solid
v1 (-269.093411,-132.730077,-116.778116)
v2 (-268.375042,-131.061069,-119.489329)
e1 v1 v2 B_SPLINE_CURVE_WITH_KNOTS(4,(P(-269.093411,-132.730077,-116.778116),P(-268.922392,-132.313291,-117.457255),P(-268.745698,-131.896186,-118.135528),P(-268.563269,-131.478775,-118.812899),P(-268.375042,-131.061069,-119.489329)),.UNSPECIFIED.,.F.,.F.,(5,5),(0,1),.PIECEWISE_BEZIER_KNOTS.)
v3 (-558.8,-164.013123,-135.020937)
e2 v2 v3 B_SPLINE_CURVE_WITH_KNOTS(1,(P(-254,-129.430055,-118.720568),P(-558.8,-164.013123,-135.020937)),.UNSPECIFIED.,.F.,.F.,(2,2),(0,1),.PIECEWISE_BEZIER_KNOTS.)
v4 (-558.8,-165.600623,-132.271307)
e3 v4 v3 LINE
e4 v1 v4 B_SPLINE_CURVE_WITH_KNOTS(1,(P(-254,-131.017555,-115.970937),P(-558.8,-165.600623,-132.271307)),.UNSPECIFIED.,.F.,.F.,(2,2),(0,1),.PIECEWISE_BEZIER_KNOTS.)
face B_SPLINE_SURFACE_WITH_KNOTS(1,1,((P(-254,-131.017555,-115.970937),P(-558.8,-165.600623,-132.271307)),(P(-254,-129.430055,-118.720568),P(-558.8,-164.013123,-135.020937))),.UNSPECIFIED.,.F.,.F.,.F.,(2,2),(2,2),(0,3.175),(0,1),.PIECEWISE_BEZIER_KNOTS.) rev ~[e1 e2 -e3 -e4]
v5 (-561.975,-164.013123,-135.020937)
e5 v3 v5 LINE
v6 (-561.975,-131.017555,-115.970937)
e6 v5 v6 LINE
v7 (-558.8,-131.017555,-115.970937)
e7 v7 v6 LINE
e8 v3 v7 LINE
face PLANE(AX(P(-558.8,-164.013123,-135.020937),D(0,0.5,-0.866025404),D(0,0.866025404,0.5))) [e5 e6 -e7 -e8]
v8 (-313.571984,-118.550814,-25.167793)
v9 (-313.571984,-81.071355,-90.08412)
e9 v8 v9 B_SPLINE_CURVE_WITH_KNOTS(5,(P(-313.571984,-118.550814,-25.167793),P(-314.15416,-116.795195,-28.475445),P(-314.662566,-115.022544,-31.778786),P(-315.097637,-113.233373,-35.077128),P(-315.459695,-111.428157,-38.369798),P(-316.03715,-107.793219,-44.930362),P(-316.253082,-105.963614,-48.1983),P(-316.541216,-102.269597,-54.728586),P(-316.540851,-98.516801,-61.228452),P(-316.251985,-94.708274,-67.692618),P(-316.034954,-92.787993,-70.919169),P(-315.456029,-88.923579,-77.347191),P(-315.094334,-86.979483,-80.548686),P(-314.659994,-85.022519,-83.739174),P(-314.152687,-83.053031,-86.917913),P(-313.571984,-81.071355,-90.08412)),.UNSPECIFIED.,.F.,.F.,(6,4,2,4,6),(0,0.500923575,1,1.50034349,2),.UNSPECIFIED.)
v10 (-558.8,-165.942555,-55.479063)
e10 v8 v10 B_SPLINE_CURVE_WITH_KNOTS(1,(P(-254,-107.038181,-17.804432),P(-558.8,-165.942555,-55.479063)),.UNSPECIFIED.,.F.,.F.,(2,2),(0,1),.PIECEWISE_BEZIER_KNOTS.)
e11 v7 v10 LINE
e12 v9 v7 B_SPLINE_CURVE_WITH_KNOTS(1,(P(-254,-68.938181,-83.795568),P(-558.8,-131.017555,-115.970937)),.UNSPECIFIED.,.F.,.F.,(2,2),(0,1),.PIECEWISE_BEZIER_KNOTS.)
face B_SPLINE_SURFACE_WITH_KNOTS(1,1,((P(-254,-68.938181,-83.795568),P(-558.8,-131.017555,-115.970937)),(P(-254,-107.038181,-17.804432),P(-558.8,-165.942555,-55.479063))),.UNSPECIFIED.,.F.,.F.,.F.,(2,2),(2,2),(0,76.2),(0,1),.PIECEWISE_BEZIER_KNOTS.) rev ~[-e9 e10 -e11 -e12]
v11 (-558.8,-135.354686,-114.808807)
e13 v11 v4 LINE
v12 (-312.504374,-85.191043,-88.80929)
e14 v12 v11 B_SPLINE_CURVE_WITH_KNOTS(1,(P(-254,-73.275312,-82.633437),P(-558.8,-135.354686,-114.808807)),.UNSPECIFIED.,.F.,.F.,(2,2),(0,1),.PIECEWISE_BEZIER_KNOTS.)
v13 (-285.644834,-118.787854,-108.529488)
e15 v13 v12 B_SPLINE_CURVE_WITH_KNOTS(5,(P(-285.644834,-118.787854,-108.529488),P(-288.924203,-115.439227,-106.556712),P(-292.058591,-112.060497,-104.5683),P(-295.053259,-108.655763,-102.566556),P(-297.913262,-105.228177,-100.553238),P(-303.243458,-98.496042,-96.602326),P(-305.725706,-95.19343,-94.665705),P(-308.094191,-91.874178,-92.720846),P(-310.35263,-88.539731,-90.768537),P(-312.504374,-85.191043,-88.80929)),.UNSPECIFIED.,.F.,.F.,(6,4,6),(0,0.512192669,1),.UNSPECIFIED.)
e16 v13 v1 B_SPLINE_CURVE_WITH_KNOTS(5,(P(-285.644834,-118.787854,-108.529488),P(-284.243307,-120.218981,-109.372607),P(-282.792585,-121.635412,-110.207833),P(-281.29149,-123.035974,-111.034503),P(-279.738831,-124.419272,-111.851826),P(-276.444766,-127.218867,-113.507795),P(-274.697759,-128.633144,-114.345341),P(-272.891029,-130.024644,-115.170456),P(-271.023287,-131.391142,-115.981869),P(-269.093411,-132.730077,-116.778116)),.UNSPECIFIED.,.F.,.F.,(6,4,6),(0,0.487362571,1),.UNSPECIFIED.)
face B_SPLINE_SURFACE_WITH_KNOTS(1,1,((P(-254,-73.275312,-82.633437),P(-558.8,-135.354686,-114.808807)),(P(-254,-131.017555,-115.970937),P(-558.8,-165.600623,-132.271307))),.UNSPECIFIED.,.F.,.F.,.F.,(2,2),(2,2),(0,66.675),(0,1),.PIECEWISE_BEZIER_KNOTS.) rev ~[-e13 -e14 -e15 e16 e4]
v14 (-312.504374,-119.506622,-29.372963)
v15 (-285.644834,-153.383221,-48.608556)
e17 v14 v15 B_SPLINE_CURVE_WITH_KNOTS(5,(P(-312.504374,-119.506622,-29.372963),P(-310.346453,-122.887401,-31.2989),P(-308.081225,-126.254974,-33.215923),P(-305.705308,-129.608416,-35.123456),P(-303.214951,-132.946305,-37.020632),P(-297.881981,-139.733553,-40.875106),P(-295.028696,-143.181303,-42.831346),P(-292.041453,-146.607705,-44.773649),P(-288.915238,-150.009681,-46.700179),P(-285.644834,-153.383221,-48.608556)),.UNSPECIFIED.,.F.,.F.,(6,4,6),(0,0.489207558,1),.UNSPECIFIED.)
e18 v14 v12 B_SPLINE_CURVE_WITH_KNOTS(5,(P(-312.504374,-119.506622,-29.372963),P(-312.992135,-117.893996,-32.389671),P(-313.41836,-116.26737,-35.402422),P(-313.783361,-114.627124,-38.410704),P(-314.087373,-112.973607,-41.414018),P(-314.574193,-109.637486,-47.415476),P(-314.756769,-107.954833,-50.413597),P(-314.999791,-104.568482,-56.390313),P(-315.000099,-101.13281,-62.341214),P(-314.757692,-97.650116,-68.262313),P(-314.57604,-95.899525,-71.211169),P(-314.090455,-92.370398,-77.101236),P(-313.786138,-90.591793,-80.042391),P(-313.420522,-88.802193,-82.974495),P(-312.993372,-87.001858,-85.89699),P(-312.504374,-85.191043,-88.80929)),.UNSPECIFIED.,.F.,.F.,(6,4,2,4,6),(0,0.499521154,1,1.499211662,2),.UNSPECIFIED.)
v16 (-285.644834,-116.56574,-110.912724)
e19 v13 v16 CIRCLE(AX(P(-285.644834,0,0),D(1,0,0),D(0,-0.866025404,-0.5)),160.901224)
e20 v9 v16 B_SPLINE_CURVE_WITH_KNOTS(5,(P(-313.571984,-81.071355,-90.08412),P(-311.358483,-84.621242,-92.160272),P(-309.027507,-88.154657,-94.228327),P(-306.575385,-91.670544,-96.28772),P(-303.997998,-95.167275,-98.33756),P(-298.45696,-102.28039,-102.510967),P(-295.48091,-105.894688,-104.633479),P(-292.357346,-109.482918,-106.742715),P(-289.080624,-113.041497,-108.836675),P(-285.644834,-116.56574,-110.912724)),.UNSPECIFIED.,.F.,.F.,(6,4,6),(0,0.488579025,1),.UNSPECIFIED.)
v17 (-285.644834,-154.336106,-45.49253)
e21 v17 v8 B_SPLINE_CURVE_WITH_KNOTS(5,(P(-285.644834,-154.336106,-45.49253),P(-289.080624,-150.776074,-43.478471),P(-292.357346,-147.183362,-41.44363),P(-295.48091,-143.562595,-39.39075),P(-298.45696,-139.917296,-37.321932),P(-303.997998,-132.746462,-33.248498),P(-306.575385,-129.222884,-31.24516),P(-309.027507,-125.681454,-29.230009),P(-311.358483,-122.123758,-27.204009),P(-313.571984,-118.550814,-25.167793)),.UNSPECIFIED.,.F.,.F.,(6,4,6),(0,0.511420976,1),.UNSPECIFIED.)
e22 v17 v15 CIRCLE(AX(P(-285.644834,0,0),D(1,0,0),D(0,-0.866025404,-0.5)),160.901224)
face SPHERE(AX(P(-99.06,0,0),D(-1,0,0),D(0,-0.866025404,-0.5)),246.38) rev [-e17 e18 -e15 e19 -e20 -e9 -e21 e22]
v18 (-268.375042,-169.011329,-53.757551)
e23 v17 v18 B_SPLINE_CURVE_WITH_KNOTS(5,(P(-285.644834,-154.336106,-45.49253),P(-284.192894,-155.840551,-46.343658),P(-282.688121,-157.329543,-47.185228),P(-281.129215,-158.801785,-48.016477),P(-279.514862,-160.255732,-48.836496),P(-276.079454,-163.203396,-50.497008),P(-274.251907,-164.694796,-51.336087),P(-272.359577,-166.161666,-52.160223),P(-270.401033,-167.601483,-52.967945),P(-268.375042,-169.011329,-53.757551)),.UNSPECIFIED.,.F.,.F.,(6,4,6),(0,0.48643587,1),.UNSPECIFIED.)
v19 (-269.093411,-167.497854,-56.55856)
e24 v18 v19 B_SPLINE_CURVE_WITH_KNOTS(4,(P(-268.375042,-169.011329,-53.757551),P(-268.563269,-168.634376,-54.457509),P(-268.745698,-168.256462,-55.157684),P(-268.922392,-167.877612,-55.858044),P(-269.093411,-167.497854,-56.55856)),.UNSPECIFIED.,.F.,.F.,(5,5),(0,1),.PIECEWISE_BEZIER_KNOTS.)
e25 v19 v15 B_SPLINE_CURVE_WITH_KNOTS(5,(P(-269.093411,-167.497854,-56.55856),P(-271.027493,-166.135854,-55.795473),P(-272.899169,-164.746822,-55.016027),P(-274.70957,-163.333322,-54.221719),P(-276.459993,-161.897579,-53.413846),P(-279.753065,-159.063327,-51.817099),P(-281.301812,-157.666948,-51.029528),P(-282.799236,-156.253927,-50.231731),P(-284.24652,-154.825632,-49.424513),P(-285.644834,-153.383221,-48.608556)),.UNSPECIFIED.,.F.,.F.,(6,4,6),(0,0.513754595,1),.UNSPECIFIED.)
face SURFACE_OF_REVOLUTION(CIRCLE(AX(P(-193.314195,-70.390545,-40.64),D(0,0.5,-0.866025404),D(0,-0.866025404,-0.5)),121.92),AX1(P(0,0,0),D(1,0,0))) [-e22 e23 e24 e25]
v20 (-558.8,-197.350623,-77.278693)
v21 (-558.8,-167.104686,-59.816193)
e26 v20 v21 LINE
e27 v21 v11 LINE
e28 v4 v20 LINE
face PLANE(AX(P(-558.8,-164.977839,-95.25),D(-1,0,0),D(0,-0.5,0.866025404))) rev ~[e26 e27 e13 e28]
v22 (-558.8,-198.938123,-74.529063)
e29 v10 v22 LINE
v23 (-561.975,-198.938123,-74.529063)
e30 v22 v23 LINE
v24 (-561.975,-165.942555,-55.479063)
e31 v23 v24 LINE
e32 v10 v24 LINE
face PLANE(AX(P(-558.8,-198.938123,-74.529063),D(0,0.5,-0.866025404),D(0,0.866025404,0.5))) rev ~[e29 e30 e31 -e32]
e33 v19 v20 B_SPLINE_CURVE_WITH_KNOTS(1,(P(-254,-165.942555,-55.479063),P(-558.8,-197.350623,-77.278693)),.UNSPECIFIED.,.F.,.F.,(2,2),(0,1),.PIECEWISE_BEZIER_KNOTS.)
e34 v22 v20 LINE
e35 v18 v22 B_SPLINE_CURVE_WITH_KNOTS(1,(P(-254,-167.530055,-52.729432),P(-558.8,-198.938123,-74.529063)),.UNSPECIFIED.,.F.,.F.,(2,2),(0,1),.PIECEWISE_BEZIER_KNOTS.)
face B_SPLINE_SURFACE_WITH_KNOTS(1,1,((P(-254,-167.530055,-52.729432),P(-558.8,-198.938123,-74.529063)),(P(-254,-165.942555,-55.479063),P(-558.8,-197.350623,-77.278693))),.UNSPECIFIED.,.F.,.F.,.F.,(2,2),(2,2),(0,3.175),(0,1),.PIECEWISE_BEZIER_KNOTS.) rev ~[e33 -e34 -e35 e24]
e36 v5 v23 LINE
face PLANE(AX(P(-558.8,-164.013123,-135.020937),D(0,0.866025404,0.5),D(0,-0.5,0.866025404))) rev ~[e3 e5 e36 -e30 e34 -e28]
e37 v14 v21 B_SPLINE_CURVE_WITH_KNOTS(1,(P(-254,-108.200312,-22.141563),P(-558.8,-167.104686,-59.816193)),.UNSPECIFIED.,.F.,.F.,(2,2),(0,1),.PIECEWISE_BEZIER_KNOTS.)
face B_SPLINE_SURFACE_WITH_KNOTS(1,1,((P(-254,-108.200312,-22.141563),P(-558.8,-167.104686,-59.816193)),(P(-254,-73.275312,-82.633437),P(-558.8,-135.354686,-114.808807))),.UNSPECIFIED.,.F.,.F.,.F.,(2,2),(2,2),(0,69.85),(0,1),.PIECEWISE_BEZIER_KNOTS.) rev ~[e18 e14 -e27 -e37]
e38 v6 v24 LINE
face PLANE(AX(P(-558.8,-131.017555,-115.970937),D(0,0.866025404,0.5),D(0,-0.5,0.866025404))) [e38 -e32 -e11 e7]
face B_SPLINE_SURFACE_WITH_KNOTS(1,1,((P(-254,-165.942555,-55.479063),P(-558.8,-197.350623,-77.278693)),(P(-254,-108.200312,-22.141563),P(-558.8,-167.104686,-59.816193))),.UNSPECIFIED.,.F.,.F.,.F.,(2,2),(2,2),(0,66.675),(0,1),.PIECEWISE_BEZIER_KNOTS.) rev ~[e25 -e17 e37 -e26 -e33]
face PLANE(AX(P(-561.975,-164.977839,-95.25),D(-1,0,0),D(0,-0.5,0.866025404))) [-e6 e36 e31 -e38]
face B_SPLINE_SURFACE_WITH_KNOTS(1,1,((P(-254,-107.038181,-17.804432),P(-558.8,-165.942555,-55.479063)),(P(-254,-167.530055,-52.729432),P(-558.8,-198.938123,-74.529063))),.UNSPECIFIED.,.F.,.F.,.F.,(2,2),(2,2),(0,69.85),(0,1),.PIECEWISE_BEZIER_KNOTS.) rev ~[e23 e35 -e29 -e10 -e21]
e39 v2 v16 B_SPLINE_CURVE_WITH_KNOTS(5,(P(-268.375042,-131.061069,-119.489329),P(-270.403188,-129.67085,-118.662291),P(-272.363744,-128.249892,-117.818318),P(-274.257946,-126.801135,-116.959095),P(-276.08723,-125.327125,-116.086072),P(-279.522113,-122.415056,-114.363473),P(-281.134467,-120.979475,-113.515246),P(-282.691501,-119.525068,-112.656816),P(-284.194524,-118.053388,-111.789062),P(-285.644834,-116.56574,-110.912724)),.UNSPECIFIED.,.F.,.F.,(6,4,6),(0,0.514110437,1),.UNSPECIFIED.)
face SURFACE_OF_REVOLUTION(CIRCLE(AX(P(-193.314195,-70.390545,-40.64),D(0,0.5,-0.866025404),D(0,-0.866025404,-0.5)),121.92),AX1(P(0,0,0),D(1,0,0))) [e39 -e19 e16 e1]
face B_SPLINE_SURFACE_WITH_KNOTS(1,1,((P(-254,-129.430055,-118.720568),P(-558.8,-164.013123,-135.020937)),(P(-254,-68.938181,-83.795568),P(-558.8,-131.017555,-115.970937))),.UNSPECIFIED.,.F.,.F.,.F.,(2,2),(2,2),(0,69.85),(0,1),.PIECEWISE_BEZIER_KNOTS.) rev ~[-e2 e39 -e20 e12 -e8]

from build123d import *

# Parameters (mm, degrees)
SKETCH117_W             = 69.85
SKETCH117_H             = 38.1
PAD025_DEPTH            = 3.175
BODY035_PLACEMENT_ANGLE = 120


with BuildPart() as part:
    # Sketch115 → AdditiveLoft002 section 0
    with BuildSketch(Plane(origin=(-254, 0, 101.6), x_dir=(0, 1, 0), z_dir=(1, 0, 0))):
        Polygon((-38.1, 69.85), (-38.1, 0), (38.1, 0), (38.1, 69.8500000001), (34.925, 69.8500000001), (34.925, 3.175), (-34.925, 3.175), (-34.925, 69.85), align=None)
    # Sketch116 → AdditiveLoft002 section 1
    with BuildSketch(Plane(origin=(-558.8, 0, 127), x_dir=(0, 1, 0), z_dir=(1, 0, 0))):
        Polygon((-34.925, 82.55), (-34.925, 44.45), (34.925, 44.45), (34.925, 82.55), (31.75, 82.55), (31.75, 47.625), (-31.75, 47.625), (-31.75, 82.55), align=None)
    loft()

    # Sketch117 (on Face3 of AdditiveLoft002) → Pad025 (new body)
    with BuildSketch(Plane(origin=(-558.8, 0, 101.6), x_dir=(0, 1, 0), z_dir=(-1, 0, 0))):
        with Locations((0, -88.9)):
            Rectangle(SKETCH117_W, SKETCH117_H)
    extrude(amount=PAD025_DEPTH)

    # Sketch118 → Groove004 (revolve, cut)
    with BuildSketch(Plane.XZ):
        with BuildLine():
            ThreePointArc((-285.6448342114, 160.9012244898), (-330.0079117171, 85.8263739972), (-345.44, 0))
            Line((-345.44, 0), (0, 0))
            Line((0, 203.2), (0, 0))
            Line((-193.3141946016, 203.2), (0, 203.2))
            ThreePointArc((-193.3141946016, 203.2), (-244.0934556744, 192.1220184086), (-285.6448342114, 160.9012244898))
        make_face()
    revolve(axis=Axis((0, 0, 0), (1, 0, 0)), mode=Mode.SUBTRACT)


with BuildPart() as part_1:
    # Body035 placement: moved
    add(part.part.rotate(Axis((0, 0, 0), (1, 0, 0)), BODY035_PLACEMENT_ANGLE))


solid = part_1.part
